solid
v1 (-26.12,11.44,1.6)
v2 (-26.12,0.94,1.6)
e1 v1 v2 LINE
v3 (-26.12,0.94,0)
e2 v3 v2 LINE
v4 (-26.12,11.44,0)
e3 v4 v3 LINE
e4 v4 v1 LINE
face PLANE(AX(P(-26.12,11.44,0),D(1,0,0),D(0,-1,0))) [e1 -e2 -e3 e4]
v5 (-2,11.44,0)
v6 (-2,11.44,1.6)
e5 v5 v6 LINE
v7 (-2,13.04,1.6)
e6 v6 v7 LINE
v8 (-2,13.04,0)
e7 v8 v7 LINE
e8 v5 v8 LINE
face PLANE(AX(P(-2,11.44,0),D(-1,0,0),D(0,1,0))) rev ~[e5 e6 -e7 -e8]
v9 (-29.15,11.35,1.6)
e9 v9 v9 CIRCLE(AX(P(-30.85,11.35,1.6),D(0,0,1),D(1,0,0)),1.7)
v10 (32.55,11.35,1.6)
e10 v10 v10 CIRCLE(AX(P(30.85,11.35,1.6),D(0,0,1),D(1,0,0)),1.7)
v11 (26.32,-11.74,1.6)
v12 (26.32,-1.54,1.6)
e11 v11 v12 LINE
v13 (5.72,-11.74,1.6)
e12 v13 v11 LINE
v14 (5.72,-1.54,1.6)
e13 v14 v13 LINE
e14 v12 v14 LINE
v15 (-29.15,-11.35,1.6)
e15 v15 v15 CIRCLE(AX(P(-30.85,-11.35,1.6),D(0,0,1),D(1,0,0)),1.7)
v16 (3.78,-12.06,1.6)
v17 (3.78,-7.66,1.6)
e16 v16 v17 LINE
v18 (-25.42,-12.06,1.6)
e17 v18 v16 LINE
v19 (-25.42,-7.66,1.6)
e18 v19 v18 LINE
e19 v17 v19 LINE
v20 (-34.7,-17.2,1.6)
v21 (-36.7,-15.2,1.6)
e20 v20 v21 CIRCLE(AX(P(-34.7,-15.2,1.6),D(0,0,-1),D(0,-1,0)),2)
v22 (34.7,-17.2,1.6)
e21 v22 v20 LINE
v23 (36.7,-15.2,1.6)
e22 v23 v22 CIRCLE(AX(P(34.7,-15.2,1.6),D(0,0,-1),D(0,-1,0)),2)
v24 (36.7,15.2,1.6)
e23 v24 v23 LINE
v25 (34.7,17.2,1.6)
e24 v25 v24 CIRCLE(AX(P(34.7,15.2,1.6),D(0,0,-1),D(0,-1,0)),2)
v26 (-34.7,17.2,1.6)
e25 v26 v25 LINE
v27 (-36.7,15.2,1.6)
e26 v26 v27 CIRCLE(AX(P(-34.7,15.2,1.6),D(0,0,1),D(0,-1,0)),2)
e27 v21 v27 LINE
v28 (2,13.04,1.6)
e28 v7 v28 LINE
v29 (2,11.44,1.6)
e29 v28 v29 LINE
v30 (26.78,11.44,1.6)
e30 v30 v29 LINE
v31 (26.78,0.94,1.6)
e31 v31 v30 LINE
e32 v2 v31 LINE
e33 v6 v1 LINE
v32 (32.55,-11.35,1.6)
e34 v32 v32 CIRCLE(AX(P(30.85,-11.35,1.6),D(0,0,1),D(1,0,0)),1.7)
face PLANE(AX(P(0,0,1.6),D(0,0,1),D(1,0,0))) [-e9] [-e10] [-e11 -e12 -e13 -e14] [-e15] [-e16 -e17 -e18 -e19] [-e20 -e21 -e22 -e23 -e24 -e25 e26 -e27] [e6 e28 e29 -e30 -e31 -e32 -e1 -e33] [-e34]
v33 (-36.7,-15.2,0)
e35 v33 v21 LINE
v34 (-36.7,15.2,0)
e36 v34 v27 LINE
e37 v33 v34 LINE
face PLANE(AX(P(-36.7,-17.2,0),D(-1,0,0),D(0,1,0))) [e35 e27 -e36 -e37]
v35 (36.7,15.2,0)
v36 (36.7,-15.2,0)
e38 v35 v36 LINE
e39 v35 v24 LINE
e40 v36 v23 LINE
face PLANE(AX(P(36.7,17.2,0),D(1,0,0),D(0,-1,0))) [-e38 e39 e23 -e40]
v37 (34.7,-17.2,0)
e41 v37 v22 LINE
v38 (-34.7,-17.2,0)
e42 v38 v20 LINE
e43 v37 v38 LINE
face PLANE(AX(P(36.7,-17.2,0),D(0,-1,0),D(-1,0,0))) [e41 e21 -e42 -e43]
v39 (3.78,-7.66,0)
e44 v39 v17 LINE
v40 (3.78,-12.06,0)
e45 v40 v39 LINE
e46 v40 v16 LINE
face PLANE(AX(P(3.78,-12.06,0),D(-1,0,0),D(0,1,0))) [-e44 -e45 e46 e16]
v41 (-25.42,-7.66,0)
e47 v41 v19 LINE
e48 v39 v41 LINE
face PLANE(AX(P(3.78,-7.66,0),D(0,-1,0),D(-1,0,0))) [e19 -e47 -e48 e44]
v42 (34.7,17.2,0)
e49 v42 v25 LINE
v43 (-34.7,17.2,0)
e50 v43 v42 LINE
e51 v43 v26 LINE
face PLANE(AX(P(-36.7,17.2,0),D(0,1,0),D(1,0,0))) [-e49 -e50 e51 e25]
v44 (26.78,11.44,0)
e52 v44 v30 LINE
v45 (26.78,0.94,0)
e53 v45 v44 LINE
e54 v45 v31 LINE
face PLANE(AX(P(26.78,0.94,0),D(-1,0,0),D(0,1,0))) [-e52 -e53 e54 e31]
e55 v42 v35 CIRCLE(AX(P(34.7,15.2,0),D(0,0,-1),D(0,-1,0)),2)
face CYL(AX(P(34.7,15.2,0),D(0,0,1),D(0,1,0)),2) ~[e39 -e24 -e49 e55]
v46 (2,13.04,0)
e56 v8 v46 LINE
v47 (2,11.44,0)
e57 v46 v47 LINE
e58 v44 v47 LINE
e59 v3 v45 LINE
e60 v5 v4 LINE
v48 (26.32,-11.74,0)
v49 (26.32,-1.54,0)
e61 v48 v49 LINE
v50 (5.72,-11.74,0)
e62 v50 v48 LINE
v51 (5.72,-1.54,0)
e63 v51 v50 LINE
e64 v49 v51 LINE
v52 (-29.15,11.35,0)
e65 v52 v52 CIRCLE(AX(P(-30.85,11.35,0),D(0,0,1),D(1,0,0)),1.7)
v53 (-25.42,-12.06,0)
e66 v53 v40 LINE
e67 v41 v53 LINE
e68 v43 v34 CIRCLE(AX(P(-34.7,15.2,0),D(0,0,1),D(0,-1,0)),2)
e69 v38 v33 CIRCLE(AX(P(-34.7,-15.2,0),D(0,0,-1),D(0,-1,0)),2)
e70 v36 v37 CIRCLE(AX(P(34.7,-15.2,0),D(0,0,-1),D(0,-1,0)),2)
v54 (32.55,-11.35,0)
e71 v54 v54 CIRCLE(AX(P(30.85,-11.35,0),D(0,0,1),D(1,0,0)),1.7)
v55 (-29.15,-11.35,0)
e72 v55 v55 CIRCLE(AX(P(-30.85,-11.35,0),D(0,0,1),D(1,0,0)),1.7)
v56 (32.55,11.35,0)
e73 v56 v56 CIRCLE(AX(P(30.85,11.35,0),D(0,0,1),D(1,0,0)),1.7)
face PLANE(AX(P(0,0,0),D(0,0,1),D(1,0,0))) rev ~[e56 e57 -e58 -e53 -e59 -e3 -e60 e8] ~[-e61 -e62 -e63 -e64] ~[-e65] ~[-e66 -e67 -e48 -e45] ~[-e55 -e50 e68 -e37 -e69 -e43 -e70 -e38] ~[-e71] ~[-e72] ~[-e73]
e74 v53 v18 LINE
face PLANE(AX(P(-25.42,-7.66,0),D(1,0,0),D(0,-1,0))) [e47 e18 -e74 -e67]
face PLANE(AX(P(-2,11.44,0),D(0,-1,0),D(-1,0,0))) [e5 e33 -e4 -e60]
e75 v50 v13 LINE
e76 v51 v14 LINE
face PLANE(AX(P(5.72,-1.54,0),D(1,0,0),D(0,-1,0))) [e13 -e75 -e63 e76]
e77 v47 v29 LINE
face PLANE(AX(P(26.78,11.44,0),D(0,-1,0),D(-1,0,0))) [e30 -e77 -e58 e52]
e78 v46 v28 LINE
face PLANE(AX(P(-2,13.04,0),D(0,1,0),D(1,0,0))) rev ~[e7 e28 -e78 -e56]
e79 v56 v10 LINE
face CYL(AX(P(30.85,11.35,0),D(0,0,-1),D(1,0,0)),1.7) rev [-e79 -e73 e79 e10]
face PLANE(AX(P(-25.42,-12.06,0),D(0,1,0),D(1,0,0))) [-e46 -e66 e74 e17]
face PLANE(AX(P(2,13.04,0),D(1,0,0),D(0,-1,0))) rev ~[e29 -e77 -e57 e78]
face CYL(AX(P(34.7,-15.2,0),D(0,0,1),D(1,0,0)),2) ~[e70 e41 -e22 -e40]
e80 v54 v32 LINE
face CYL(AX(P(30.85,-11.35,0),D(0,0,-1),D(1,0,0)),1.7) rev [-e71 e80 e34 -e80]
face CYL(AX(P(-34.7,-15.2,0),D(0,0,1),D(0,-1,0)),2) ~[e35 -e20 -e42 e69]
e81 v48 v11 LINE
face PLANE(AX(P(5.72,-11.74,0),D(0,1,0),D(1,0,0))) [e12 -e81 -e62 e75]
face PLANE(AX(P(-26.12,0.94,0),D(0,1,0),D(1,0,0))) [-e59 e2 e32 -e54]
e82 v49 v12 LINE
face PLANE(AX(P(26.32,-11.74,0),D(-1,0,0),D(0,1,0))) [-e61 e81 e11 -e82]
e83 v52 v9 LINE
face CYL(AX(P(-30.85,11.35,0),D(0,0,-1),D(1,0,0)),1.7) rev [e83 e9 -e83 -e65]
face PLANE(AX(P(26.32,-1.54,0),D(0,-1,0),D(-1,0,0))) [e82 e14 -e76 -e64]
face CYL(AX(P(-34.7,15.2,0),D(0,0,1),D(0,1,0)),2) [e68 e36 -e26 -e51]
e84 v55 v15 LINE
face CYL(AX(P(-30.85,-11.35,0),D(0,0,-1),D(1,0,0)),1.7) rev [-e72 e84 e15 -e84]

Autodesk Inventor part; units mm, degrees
ref_plane "YZ Plane" through (0, 0, 0) normal (1, 0, 0) x (0, 1, 0)
ref_plane "XZ Plane" through (0, 0, 0) normal (0, 1, 0) x (-1, 0, 0)
ref_plane "XY Plane" through (0, 0, 0) normal (0, 0, 1) x (1, 0, 0)
sketch "スケッチ1" plane through (0, 0, 0) normal (0, 0, 1) x (1, 0, 0)
  line L0 (-34.52, 15.04) -> (34.52, 15.04) construction
  line L1 (34.52, 15.04) -> (34.52, -15.04) construction
  line L2 (34.52, -15.04) -> (-34.52, -15.04) construction
  line L3 (-34.52, -15.04) -> (-34.52, 15.04) construction
  line L4 (-30.85, 11.35) -> (30.85, 11.35) construction
  line L5 (30.85, 11.35) -> (30.85, -11.35) construction
  line L6 (30.85, -11.35) -> (-30.85, -11.35) construction
  line L7 (-30.85, -11.35) -> (-30.85, 11.35) construction
  circle A0 centre (-30.85, 11.35) radius 1.7
  circle A1 centre (-30.85, -11.35) radius 1.7
  circle A2 centre (30.85, -11.35) radius 1.7
  circle A3 centre (30.85, 11.35) radius 1.7
  line L8 (-25.92, 11.24) -> (26.58, 11.24) construction
  line L9 (26.58, 11.24) -> (26.58, 1.14) construction
  line L10 (26.58, 1.14) -> (-25.92, 1.14) construction
  line L11 (-25.92, 1.14) -> (-25.92, 11.24) construction
  line L12 (-25.22, -7.86) -> (3.58, -7.86) construction
  line L13 (3.58, -7.86) -> (3.58, -11.86) construction
  line L14 (3.58, -11.86) -> (-25.22, -11.86) construction
  line L15 (-25.22, -11.86) -> (-25.22, -7.86) construction
  line L16 (5.92, -1.74) -> (26.12, -1.74) construction
  line L17 (26.12, -1.74) -> (26.12, -11.54) construction
  line L18 (26.12, -11.54) -> (5.92, -11.54) construction
  line L19 (5.92, -11.54) -> (5.92, -1.74) construction
  line L20 (26.78, 0.94) -> (26.78, 11.44)
  line L21 (26.78, 11.44) -> (-26.12, 11.44)
  line L22 (-26.12, 11.44) -> (-26.12, 0.94)
  line L23 (-26.12, 0.94) -> (26.78, 0.94)
  line L24 (3.78, -7.66) -> (-25.42, -7.66)
  line L25 (-25.42, -7.66) -> (-25.42, -12.06)
  line L26 (-25.42, -12.06) -> (3.78, -12.06)
  line L27 (3.78, -12.06) -> (3.78, -7.66)
  line L28 (26.32, -1.54) -> (5.72, -1.54)
  line L29 (5.72, -1.54) -> (5.72, -11.74)
  line L30 (5.72, -11.74) -> (26.32, -11.74)
  line L31 (26.32, -11.74) -> (26.32, -1.54)
  line L32 (-36.7, 17.2) -> (36.7, 17.2)
  line L33 (36.7, 17.2) -> (36.7, -17.2)
  line L34 (36.7, -17.2) -> (-36.7, -17.2)
  line L35 (-36.7, -17.2) -> (-36.7, 17.2)
  line L36 (-2, 11.44) -> (-2, 13.04)
  line L37 (-2, 13.04) -> (2, 13.04)
  line L38 (2, 13.04) -> (2, 11.44)
  point P0 (0, 0)
  point P1 (0, 15.04)
  point P2 (-34.52, 0)
  point P3 (0, 11.35)
  point P4 (-30.85, 0)
  point P5 (-25.22, -9.86)
  point P6 (16.02, -11.54)
  point P7 (0, 17.2)
  point P8 (-36.7, 0)
  point P9 (0, 13.04)
  dimension "d0" = 30.08
  dimension "d1" = 69.04
  dimension "d2" = 61.7
  dimension "d3" = 22.7
  dimension "d4" = 3.4
  dimension "d14" = 3.8
  dimension "d15" = 10.1
  dimension "d16" = 52.5
  dimension "d17" = 8.6
  dimension "d18" = 9.3
  dimension "d19" = 4
  dimension "d20" = 28.8
  dimension "d21" = 3.18
  dimension "d22" = 20.2
  dimension "d23" = 9.8
  dimension "d24" = 8.4
  dimension "d25" = 3.5
  dimension "d26" = 0.2
  dimension "d27" = 0.2
  dimension "d28" = 0.2
  dimension "d29" = 73.4
  dimension "d30" = 34.4
  dimension "d35" = 4
  dimension "d36" = 1.6
  dimension "d33" = 6
extrude "押し出し4" add sketch "スケッチ1" along normal blind 1.6
fillet "フィレット1" radius 2 4 edges at (-36.7, 17.2, 0.8) (-36.7, -17.2, 0.8) (36.7, -17.2, 0.8) (36.7, 17.2, 0.8)
properties part number "power_sync_module_case_02"
